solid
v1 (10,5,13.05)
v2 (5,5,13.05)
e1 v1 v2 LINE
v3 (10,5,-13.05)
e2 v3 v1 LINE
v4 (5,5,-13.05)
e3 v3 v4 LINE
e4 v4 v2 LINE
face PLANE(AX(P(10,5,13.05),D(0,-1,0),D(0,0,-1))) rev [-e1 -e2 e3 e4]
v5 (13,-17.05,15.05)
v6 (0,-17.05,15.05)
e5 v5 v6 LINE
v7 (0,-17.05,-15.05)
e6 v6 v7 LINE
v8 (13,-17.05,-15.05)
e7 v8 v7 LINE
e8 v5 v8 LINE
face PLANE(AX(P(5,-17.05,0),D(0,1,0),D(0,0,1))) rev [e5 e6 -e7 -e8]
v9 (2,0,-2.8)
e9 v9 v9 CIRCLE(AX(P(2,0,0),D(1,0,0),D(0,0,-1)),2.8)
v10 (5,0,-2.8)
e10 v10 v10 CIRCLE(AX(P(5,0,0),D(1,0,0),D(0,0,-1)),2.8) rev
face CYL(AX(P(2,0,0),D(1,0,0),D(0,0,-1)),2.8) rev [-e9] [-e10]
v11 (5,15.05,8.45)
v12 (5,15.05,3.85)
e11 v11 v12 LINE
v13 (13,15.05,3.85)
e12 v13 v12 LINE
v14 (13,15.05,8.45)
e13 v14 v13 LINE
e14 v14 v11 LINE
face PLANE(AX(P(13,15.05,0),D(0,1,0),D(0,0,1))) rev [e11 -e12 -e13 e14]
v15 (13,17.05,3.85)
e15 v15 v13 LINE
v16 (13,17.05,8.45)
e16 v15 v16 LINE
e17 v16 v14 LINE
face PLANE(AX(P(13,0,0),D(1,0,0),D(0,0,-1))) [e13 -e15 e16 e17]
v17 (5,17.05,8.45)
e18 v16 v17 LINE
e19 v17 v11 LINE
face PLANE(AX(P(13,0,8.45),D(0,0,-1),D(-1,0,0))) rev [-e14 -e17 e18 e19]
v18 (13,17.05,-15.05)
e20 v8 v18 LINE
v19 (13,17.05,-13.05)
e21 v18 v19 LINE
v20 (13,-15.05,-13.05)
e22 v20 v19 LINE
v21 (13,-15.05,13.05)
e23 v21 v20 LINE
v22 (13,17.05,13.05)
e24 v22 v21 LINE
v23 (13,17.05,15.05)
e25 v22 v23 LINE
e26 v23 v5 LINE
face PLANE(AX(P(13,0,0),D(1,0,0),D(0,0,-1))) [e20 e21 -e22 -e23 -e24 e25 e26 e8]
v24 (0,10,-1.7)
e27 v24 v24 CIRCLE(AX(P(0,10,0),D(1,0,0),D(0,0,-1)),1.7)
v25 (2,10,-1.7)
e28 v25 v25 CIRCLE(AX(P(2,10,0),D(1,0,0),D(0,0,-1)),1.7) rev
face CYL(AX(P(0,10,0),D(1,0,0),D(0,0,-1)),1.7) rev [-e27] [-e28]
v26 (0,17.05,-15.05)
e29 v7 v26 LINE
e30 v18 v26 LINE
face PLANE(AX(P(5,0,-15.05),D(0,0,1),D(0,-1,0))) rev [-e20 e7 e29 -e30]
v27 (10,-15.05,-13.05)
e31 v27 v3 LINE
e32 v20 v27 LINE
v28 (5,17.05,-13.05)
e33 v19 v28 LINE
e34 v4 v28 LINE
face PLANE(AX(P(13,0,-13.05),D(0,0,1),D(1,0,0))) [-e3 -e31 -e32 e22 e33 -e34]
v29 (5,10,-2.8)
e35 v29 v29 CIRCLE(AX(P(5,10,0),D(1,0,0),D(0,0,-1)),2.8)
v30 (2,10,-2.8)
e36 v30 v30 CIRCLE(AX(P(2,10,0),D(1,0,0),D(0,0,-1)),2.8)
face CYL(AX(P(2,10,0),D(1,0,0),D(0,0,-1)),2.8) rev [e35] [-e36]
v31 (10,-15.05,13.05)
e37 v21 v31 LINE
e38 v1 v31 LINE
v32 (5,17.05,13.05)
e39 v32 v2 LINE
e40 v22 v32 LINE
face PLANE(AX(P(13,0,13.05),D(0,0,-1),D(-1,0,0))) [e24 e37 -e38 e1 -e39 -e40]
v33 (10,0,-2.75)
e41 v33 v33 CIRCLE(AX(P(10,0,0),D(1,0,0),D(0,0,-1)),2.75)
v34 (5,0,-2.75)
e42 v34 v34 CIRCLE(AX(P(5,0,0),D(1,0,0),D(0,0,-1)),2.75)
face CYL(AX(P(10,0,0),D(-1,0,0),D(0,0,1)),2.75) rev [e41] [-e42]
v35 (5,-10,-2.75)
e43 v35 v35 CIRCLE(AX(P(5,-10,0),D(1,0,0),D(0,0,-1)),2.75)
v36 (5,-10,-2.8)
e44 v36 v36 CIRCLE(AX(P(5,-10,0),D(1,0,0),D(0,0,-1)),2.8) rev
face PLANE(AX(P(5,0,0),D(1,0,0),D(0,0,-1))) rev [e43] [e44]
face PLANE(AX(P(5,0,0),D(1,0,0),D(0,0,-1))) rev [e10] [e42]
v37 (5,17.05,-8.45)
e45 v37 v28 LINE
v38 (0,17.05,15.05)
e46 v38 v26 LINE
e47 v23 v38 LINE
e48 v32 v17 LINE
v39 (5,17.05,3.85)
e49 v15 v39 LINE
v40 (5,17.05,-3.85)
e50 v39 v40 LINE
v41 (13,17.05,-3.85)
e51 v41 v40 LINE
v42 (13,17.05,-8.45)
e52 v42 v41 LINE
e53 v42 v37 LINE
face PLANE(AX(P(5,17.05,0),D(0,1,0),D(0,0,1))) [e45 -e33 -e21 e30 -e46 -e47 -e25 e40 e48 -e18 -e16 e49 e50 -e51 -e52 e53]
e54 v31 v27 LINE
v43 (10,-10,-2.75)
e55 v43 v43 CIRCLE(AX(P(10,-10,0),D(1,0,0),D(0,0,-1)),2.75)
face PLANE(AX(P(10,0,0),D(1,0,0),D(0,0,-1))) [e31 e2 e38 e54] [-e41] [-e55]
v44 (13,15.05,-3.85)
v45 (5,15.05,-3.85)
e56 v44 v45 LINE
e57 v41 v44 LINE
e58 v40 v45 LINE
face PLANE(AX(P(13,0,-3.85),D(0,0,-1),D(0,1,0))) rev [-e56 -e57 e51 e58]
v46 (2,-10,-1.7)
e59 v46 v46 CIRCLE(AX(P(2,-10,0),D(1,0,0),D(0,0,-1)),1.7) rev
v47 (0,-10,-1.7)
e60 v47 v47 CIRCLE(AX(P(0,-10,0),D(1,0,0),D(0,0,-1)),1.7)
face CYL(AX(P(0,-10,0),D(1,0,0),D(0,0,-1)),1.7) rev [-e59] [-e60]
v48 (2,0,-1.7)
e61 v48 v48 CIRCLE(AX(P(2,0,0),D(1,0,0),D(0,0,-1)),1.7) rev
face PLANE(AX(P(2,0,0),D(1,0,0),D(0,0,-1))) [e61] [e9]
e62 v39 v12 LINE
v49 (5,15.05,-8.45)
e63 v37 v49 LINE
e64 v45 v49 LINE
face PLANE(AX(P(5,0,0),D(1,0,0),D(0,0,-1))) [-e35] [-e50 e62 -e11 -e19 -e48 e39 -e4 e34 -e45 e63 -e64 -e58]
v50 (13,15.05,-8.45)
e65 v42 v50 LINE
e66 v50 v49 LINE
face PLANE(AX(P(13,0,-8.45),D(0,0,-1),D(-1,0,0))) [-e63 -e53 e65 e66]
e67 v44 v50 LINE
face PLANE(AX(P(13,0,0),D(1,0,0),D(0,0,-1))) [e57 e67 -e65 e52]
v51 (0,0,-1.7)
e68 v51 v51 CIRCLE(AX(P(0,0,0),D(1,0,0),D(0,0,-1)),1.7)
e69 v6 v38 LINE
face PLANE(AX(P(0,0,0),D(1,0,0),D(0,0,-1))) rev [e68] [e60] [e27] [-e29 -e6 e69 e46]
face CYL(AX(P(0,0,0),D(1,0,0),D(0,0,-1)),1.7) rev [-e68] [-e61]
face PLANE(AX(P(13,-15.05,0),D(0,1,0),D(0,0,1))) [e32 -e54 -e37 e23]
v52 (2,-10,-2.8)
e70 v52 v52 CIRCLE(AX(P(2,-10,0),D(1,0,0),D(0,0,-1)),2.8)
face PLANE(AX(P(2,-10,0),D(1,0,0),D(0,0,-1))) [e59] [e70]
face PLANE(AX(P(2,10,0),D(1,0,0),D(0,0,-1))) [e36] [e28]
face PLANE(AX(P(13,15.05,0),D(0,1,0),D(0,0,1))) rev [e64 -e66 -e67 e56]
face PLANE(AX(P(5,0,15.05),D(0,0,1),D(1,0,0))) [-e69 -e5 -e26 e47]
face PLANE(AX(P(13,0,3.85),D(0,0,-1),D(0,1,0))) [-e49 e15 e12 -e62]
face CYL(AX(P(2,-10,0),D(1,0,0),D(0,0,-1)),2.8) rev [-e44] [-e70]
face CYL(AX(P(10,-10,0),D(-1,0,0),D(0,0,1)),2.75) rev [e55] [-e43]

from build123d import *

# Parameters (mm, degrees)
SKETCH1_W           = 30.1
SKETCH1_H           = 34.1
SKETCH1_W_2         = 26.1
SKETCH1_H_2         = 30.1
BOSS_EXTRUDE1_DEPTH = 5
SKETCH2_W           = 10.8
SKETCH2_H           = 2
SKETCH2_W_2         = 4.6
BOSS_EXTRUDE2_DEPTH = 8
SKETCH3_R           = 1.7
CUT_EXTRUDE1_DEPTH  = 25.108193628
SKETCH4_R           = 2.8
CUT_EXTRUDE2_DEPTH  = 3
SKETCH6_W           = 26.1
SKETCH6_H           = 20.05
SKETCH6_R           = 2.75
BOSS_EXTRUDE3_DEPTH = 5


with BuildPart() as part:
    # Sketch1 → Boss-Extrude1 (new body)
    # profile 1 of 2: a face of its own
    with BuildSketch(Plane(origin=(0, 0, 0), x_dir=(0, 0, -1), z_dir=(1, 0, 0))):
        Rectangle(SKETCH1_W, SKETCH1_H)
        Rectangle(SKETCH1_W_2, SKETCH1_H_2, mode=Mode.SUBTRACT)
    # profile 2 of 2: a face of its own
    with BuildSketch(Plane(origin=(0, 0, 0), x_dir=(0, 0, -1), z_dir=(1, 0, 0))):
        Rectangle(SKETCH1_W_2, SKETCH1_H_2)
    extrude(amount=BOSS_EXTRUDE1_DEPTH)

    # Sketch2 → Boss-Extrude2 (add)
    with BuildSketch(Plane(origin=(5, 0, 0), x_dir=(0, 0, -1), z_dir=(1, 0, 0))):
        with Locations((7.65, -16.05)):
            Rectangle(SKETCH2_W, SKETCH2_H)
        Polygon((13.05, 15.05), (13.05, -15.05), (13.05, -17.05), (15.05, -17.05), (15.05, 17.05), (13.05, 17.05), align=None)
        with Locations((6.15, 16.05)):
            Rectangle(SKETCH2_W_2, SKETCH2_H)
        with Locations((-6.15, 16.05)):
            Rectangle(SKETCH2_W_2, SKETCH2_H)
        Polygon((-13.05, -15.05), (-13.05, 15.05), (-13.05, 17.05), (-15.05, 17.05), (-15.05, -17.05), (2.25, -17.05), (2.25, -15.05), align=None)
    extrude(amount=BOSS_EXTRUDE2_DEPTH)

    # Sketch3 → Cut-Extrude1 (cut, through all)
    with BuildSketch(Plane(origin=(5, 0, 0), x_dir=(0, 0, -1), z_dir=(1, 0, 0))):
        with Locations((0, -10)):
            Circle(SKETCH3_R)
        Circle(SKETCH3_R)
        with Locations((0, 10)):
            Circle(SKETCH3_R)
    extrude(amount=-CUT_EXTRUDE1_DEPTH, mode=Mode.SUBTRACT)

    # Sketch4 → Cut-Extrude2 (cut)
    with BuildSketch(Plane(origin=(5, 0, 0), x_dir=(0, 0, -1), z_dir=(1, 0, 0))):
        with Locations((0, -10)):
            Circle(SKETCH4_R)
        Circle(SKETCH4_R)
        with Locations((0, 10)):
            Circle(SKETCH4_R)
    extrude(amount=-CUT_EXTRUDE2_DEPTH, mode=Mode.SUBTRACT)

    # Sketch6 → Boss-Extrude3 (add)
    with BuildSketch(Plane(origin=(5, 0, 0), x_dir=(0, 0, -1), z_dir=(1, 0, 0))):
        with Locations((0, -5.025)):
            Rectangle(SKETCH6_W, SKETCH6_H)
        Circle(SKETCH6_R, mode=Mode.SUBTRACT)
        with Locations((0, -10)):
            Circle(SKETCH6_R, mode=Mode.SUBTRACT)
    extrude(amount=BOSS_EXTRUDE3_DEPTH)


solid = part.part
